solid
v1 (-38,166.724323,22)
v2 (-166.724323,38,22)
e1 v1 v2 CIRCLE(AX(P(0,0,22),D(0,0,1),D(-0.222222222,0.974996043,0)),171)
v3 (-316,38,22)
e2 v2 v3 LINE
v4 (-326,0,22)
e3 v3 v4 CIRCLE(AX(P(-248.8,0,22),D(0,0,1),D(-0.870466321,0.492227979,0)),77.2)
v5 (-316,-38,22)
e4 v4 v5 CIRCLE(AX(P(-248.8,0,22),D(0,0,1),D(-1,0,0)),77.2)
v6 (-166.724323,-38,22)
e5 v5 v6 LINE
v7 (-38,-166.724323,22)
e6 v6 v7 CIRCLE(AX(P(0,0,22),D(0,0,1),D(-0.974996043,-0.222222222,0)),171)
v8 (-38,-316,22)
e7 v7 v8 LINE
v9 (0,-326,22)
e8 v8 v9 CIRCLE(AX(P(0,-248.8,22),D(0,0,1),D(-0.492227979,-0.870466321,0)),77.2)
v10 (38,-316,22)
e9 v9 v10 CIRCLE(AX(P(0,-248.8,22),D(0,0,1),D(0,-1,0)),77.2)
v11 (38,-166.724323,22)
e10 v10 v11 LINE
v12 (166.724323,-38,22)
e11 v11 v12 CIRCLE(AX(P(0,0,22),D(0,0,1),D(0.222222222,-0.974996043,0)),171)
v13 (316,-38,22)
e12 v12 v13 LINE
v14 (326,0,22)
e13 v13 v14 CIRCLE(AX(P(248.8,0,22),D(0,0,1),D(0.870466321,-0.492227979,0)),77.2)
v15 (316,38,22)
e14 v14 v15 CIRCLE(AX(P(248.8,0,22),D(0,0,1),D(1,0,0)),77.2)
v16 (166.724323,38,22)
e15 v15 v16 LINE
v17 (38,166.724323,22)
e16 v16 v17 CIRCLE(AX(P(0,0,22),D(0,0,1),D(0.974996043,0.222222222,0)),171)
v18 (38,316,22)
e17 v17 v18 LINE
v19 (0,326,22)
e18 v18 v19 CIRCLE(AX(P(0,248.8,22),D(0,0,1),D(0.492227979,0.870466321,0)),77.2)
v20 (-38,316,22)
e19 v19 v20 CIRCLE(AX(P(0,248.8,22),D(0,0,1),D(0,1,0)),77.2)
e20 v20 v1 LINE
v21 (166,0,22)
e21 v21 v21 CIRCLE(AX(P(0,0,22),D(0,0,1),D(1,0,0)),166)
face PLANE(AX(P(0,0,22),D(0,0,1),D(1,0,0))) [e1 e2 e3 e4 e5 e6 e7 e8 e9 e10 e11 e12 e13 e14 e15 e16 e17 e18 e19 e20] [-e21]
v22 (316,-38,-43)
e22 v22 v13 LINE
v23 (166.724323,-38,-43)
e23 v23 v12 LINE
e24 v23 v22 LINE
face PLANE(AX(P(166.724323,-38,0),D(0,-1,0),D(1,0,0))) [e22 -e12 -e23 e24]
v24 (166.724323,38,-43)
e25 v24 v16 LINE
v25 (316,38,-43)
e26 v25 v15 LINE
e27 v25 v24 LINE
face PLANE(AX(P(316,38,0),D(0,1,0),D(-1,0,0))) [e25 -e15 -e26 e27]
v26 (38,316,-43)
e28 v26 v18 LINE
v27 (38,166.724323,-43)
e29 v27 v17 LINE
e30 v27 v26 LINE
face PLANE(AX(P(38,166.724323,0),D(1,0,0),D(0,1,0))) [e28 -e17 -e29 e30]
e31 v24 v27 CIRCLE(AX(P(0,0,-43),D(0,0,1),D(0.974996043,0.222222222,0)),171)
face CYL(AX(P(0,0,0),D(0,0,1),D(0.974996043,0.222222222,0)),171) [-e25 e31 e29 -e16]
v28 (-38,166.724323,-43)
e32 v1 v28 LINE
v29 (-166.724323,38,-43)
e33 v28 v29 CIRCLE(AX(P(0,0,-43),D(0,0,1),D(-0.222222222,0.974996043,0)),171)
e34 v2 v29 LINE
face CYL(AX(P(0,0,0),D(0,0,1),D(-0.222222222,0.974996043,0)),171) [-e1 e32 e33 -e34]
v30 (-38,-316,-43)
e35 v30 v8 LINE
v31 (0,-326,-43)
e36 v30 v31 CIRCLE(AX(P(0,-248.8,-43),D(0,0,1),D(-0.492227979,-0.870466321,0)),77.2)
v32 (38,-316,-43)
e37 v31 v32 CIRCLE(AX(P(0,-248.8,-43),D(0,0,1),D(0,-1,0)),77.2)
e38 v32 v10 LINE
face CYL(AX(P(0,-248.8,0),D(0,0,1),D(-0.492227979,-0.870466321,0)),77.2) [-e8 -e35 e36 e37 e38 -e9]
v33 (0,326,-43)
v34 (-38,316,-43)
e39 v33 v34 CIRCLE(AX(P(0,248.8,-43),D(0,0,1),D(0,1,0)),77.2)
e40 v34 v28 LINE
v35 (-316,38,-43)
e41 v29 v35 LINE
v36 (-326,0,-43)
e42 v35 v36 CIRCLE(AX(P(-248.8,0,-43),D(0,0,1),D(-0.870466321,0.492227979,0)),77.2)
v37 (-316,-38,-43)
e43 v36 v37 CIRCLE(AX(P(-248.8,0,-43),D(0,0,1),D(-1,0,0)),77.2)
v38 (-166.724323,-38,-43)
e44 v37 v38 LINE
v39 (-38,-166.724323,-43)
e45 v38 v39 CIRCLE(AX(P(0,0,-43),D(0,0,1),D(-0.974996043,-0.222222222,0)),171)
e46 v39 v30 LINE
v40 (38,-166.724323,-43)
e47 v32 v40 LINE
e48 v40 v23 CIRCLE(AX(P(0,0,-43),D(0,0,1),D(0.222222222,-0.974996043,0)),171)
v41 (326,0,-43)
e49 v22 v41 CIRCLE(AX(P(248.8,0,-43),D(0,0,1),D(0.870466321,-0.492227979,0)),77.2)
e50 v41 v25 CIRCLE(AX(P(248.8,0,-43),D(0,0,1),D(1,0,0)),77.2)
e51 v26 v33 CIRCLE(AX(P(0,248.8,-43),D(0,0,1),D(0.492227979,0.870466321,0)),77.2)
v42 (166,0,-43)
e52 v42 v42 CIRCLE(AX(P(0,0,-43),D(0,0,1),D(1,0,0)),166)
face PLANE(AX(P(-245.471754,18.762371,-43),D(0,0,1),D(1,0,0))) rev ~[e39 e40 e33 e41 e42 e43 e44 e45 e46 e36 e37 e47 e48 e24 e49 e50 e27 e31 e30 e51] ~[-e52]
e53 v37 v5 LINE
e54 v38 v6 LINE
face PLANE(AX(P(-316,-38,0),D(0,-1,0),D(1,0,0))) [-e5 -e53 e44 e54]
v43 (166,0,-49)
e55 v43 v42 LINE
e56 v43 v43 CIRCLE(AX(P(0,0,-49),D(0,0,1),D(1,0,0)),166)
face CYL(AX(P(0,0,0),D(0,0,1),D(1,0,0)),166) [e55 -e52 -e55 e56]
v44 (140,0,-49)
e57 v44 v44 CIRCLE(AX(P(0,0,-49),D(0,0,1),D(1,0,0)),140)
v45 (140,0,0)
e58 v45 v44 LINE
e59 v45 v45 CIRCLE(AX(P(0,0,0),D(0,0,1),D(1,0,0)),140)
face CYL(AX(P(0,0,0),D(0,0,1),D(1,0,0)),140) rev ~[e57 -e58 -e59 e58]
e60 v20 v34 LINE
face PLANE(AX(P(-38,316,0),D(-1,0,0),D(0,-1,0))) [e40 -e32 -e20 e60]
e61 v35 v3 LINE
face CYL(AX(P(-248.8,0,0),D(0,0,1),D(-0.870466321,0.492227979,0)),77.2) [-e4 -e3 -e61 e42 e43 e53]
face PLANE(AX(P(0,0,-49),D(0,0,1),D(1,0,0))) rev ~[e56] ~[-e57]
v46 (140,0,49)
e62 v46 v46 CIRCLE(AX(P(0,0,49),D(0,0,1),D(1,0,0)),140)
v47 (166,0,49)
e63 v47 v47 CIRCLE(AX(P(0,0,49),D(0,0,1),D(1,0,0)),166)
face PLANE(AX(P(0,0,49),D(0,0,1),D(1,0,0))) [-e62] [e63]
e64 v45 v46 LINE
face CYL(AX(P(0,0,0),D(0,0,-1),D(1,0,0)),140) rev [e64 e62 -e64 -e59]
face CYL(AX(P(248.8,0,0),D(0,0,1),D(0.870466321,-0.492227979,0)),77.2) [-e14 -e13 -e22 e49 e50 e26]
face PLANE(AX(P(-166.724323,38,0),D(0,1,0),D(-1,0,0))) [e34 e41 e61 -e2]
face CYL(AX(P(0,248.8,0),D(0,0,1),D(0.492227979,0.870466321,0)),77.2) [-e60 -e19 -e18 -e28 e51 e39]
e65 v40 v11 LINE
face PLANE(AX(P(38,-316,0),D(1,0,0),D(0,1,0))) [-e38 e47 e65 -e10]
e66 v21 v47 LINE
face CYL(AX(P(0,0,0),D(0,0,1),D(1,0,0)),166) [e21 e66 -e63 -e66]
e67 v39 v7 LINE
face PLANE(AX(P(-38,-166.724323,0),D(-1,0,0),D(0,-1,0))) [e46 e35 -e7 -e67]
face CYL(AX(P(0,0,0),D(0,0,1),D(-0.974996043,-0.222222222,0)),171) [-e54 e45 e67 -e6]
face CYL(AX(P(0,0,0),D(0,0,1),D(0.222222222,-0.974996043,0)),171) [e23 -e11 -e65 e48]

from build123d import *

# Parameters (mm, degrees)
F0_R     = 166
F0_R_2   = 140
F1_DEPTH = 49
F2_DEPTH = 49
F3_DEPTH = 22
F4_DEPTH = 43


with BuildPart() as f1:
    # F0 (on Top) → F1 (new body)
    with BuildSketch(Plane.XY):
        Circle(F0_R)
        Circle(F0_R_2, mode=Mode.SUBTRACT)
    extrude(amount=F1_DEPTH)

    # F0 (on Top) → F2 (join)
    with BuildSketch(Plane.XY):
        Circle(F0_R)
        Circle(F0_R_2, mode=Mode.SUBTRACT)
    extrude(amount=-F2_DEPTH)

    # F0 (on Top) → F3 (join)
    with BuildSketch(Plane.XY):
        with BuildLine():
            ThreePointArc((166.7243233605, -38), (169.9277188905, -19.1198941598), (171, 0))
            ThreePointArc((171, 0), (169.9277188905, 19.1198941598), (166.7243233605, 38))
            ThreePointArc((166.7243233605, 38), (120.9152595829, 120.9152595829), (38, 166.7243233605))
            ThreePointArc((38, 166.7243233605), (19.1198941598, 169.9277188905), (0, 171))
            ThreePointArc((0, 171), (-19.1198941598, 169.9277188905), (-38, 166.7243233605))
            ThreePointArc((-38, 166.7243233605), (-120.9152595829, 120.9152595829), (-166.7243233605, 38))
            ThreePointArc((-166.7243233605, 38), (-169.9277188905, 19.1198941598), (-171, 0))
            ThreePointArc((-171, 0), (-169.9277188905, -19.1198941598), (-166.7243233605, -38))
            ThreePointArc((-166.7243233605, -38), (-120.9152595829, -120.9152595829), (-38, -166.7243233605))
            ThreePointArc((-38, -166.7243233605), (-19.1198941598, -169.9277188905), (0, -171))
            ThreePointArc((0, -171), (19.1198941598, -169.9277188905), (38, -166.7243233605))
            ThreePointArc((38, -166.7243233605), (120.9152595829, -120.9152595829), (166.7243233605, -38))
        make_face()
        Circle(F0_R, mode=Mode.SUBTRACT)
        with BuildLine():
            Line((-316, -38), (-166.7243233605, -38))
            ThreePointArc((-166.7243233605, -38), (-169.9277188905, -19.1198941598), (-171, 0))
            Line((-171, 0), (-326, 0))
            ThreePointArc((-326, 0), (-323.4581542767, -19.6468827044), (-316, -38))
        make_face()
        with BuildLine():
            ThreePointArc((-171, 0), (-169.9277188905, 19.1198941598), (-166.7243233605, 38))
            Line((-166.7243233605, 38), (-316, 38))
            ThreePointArc((-316, 38), (-323.4581542767, 19.6468827044), (-326, 0))
            Line((-326, 0), (-171, 0))
        make_face()
        with BuildLine():
            ThreePointArc((-38, 166.7243233605), (-19.1198941598, 169.9277188905), (0, 171))
            Line((0, 171), (0, 326))
            ThreePointArc((0, 326), (-19.6468827044, 323.4581542767), (-38, 316))
            Line((-38, 316), (-38, 166.7243233605))
        make_face()
        with BuildLine():
            ThreePointArc((0, 171), (19.1198941598, 169.9277188905), (38, 166.7243233605))
            Line((38, 166.7243233605), (38, 316))
            ThreePointArc((38, 316), (19.6468827044, 323.4581542767), (0, 326))
            Line((0, 326), (0, 171))
        make_face()
        with BuildLine():
            ThreePointArc((166.7243233605, 38), (169.9277188905, 19.1198941598), (171, 0))
            Line((171, 0), (326, 0))
            ThreePointArc((326, 0), (323.4581542767, 19.6468827044), (316, 38))
            Line((316, 38), (166.7243233605, 38))
        make_face()
        with BuildLine():
            Line((326, 0), (171, 0))
            ThreePointArc((171, 0), (169.9277188905, -19.1198941598), (166.7243233605, -38))
            Line((166.7243233605, -38), (316, -38))
            ThreePointArc((316, -38), (323.4581542767, -19.6468827044), (326, 0))
        make_face()
        with BuildLine():
            Line((38, -316), (38, -166.7243233605))
            ThreePointArc((38, -166.7243233605), (19.1198941598, -169.9277188905), (0, -171))
            Line((0, -171), (0, -326))
            ThreePointArc((0, -326), (19.6468827044, -323.4581542767), (38, -316))
        make_face()
        with BuildLine():
            Line((0, -326), (0, -171))
            ThreePointArc((0, -171), (-19.1198941598, -169.9277188905), (-38, -166.7243233605))
            Line((-38, -166.7243233605), (-38, -316))
            ThreePointArc((-38, -316), (-19.6468827044, -323.4581542767), (0, -326))
        make_face()
    extrude(amount=F3_DEPTH)

    # F0 (on Top) → F4 (join)
    with BuildSketch(Plane.XY):
        with BuildLine():
            ThreePointArc((-171, 0), (-169.9277188905, 19.1198941598), (-166.7243233605, 38))
            Line((-166.7243233605, 38), (-316, 38))
            ThreePointArc((-316, 38), (-323.4581542767, 19.6468827044), (-326, 0))
            Line((-326, 0), (-171, 0))
        make_face()
        with BuildLine():
            Line((-316, -38), (-166.7243233605, -38))
            ThreePointArc((-166.7243233605, -38), (-169.9277188905, -19.1198941598), (-171, 0))
            Line((-171, 0), (-326, 0))
            ThreePointArc((-326, 0), (-323.4581542767, -19.6468827044), (-316, -38))
        make_face()
        with BuildLine():
            ThreePointArc((166.7243233605, -38), (169.9277188905, -19.1198941598), (171, 0))
            ThreePointArc((171, 0), (169.9277188905, 19.1198941598), (166.7243233605, 38))
            ThreePointArc((166.7243233605, 38), (120.9152595829, 120.9152595829), (38, 166.7243233605))
            ThreePointArc((38, 166.7243233605), (19.1198941598, 169.9277188905), (0, 171))
            ThreePointArc((0, 171), (-19.1198941598, 169.9277188905), (-38, 166.7243233605))
            ThreePointArc((-38, 166.7243233605), (-120.9152595829, 120.9152595829), (-166.7243233605, 38))
            ThreePointArc((-166.7243233605, 38), (-169.9277188905, 19.1198941598), (-171, 0))
            ThreePointArc((-171, 0), (-169.9277188905, -19.1198941598), (-166.7243233605, -38))
            ThreePointArc((-166.7243233605, -38), (-120.9152595829, -120.9152595829), (-38, -166.7243233605))
            ThreePointArc((-38, -166.7243233605), (-19.1198941598, -169.9277188905), (0, -171))
            ThreePointArc((0, -171), (19.1198941598, -169.9277188905), (38, -166.7243233605))
            ThreePointArc((38, -166.7243233605), (120.9152595829, -120.9152595829), (166.7243233605, -38))
        make_face()
        Circle(F0_R, mode=Mode.SUBTRACT)
        with BuildLine():
            Line((0, -326), (0, -171))
            ThreePointArc((0, -171), (-19.1198941598, -169.9277188905), (-38, -166.7243233605))
            Line((-38, -166.7243233605), (-38, -316))
            ThreePointArc((-38, -316), (-19.6468827044, -323.4581542767), (0, -326))
        make_face()
        with BuildLine():
            Line((38, -316), (38, -166.7243233605))
            ThreePointArc((38, -166.7243233605), (19.1198941598, -169.9277188905), (0, -171))
            Line((0, -171), (0, -326))
            ThreePointArc((0, -326), (19.6468827044, -323.4581542767), (38, -316))
        make_face()
        with BuildLine():
            Line((326, 0), (171, 0))
            ThreePointArc((171, 0), (169.9277188905, -19.1198941598), (166.7243233605, -38))
            Line((166.7243233605, -38), (316, -38))
            ThreePointArc((316, -38), (323.4581542767, -19.6468827044), (326, 0))
        make_face()
        with BuildLine():
            ThreePointArc((166.7243233605, 38), (169.9277188905, 19.1198941598), (171, 0))
            Line((171, 0), (326, 0))
            ThreePointArc((326, 0), (323.4581542767, 19.6468827044), (316, 38))
            Line((316, 38), (166.7243233605, 38))
        make_face()
        with BuildLine():
            ThreePointArc((0, 171), (19.1198941598, 169.9277188905), (38, 166.7243233605))
            Line((38, 166.7243233605), (38, 316))
            ThreePointArc((38, 316), (19.6468827044, 323.4581542767), (0, 326))
            Line((0, 326), (0, 171))
        make_face()
        with BuildLine():
            ThreePointArc((-38, 166.7243233605), (-19.1198941598, 169.9277188905), (0, 171))
            Line((0, 171), (0, 326))
            ThreePointArc((0, 326), (-19.6468827044, 323.4581542767), (-38, 316))
            Line((-38, 316), (-38, 166.7243233605))
        make_face()
    extrude(amount=-F4_DEPTH)


solid = f1.part
